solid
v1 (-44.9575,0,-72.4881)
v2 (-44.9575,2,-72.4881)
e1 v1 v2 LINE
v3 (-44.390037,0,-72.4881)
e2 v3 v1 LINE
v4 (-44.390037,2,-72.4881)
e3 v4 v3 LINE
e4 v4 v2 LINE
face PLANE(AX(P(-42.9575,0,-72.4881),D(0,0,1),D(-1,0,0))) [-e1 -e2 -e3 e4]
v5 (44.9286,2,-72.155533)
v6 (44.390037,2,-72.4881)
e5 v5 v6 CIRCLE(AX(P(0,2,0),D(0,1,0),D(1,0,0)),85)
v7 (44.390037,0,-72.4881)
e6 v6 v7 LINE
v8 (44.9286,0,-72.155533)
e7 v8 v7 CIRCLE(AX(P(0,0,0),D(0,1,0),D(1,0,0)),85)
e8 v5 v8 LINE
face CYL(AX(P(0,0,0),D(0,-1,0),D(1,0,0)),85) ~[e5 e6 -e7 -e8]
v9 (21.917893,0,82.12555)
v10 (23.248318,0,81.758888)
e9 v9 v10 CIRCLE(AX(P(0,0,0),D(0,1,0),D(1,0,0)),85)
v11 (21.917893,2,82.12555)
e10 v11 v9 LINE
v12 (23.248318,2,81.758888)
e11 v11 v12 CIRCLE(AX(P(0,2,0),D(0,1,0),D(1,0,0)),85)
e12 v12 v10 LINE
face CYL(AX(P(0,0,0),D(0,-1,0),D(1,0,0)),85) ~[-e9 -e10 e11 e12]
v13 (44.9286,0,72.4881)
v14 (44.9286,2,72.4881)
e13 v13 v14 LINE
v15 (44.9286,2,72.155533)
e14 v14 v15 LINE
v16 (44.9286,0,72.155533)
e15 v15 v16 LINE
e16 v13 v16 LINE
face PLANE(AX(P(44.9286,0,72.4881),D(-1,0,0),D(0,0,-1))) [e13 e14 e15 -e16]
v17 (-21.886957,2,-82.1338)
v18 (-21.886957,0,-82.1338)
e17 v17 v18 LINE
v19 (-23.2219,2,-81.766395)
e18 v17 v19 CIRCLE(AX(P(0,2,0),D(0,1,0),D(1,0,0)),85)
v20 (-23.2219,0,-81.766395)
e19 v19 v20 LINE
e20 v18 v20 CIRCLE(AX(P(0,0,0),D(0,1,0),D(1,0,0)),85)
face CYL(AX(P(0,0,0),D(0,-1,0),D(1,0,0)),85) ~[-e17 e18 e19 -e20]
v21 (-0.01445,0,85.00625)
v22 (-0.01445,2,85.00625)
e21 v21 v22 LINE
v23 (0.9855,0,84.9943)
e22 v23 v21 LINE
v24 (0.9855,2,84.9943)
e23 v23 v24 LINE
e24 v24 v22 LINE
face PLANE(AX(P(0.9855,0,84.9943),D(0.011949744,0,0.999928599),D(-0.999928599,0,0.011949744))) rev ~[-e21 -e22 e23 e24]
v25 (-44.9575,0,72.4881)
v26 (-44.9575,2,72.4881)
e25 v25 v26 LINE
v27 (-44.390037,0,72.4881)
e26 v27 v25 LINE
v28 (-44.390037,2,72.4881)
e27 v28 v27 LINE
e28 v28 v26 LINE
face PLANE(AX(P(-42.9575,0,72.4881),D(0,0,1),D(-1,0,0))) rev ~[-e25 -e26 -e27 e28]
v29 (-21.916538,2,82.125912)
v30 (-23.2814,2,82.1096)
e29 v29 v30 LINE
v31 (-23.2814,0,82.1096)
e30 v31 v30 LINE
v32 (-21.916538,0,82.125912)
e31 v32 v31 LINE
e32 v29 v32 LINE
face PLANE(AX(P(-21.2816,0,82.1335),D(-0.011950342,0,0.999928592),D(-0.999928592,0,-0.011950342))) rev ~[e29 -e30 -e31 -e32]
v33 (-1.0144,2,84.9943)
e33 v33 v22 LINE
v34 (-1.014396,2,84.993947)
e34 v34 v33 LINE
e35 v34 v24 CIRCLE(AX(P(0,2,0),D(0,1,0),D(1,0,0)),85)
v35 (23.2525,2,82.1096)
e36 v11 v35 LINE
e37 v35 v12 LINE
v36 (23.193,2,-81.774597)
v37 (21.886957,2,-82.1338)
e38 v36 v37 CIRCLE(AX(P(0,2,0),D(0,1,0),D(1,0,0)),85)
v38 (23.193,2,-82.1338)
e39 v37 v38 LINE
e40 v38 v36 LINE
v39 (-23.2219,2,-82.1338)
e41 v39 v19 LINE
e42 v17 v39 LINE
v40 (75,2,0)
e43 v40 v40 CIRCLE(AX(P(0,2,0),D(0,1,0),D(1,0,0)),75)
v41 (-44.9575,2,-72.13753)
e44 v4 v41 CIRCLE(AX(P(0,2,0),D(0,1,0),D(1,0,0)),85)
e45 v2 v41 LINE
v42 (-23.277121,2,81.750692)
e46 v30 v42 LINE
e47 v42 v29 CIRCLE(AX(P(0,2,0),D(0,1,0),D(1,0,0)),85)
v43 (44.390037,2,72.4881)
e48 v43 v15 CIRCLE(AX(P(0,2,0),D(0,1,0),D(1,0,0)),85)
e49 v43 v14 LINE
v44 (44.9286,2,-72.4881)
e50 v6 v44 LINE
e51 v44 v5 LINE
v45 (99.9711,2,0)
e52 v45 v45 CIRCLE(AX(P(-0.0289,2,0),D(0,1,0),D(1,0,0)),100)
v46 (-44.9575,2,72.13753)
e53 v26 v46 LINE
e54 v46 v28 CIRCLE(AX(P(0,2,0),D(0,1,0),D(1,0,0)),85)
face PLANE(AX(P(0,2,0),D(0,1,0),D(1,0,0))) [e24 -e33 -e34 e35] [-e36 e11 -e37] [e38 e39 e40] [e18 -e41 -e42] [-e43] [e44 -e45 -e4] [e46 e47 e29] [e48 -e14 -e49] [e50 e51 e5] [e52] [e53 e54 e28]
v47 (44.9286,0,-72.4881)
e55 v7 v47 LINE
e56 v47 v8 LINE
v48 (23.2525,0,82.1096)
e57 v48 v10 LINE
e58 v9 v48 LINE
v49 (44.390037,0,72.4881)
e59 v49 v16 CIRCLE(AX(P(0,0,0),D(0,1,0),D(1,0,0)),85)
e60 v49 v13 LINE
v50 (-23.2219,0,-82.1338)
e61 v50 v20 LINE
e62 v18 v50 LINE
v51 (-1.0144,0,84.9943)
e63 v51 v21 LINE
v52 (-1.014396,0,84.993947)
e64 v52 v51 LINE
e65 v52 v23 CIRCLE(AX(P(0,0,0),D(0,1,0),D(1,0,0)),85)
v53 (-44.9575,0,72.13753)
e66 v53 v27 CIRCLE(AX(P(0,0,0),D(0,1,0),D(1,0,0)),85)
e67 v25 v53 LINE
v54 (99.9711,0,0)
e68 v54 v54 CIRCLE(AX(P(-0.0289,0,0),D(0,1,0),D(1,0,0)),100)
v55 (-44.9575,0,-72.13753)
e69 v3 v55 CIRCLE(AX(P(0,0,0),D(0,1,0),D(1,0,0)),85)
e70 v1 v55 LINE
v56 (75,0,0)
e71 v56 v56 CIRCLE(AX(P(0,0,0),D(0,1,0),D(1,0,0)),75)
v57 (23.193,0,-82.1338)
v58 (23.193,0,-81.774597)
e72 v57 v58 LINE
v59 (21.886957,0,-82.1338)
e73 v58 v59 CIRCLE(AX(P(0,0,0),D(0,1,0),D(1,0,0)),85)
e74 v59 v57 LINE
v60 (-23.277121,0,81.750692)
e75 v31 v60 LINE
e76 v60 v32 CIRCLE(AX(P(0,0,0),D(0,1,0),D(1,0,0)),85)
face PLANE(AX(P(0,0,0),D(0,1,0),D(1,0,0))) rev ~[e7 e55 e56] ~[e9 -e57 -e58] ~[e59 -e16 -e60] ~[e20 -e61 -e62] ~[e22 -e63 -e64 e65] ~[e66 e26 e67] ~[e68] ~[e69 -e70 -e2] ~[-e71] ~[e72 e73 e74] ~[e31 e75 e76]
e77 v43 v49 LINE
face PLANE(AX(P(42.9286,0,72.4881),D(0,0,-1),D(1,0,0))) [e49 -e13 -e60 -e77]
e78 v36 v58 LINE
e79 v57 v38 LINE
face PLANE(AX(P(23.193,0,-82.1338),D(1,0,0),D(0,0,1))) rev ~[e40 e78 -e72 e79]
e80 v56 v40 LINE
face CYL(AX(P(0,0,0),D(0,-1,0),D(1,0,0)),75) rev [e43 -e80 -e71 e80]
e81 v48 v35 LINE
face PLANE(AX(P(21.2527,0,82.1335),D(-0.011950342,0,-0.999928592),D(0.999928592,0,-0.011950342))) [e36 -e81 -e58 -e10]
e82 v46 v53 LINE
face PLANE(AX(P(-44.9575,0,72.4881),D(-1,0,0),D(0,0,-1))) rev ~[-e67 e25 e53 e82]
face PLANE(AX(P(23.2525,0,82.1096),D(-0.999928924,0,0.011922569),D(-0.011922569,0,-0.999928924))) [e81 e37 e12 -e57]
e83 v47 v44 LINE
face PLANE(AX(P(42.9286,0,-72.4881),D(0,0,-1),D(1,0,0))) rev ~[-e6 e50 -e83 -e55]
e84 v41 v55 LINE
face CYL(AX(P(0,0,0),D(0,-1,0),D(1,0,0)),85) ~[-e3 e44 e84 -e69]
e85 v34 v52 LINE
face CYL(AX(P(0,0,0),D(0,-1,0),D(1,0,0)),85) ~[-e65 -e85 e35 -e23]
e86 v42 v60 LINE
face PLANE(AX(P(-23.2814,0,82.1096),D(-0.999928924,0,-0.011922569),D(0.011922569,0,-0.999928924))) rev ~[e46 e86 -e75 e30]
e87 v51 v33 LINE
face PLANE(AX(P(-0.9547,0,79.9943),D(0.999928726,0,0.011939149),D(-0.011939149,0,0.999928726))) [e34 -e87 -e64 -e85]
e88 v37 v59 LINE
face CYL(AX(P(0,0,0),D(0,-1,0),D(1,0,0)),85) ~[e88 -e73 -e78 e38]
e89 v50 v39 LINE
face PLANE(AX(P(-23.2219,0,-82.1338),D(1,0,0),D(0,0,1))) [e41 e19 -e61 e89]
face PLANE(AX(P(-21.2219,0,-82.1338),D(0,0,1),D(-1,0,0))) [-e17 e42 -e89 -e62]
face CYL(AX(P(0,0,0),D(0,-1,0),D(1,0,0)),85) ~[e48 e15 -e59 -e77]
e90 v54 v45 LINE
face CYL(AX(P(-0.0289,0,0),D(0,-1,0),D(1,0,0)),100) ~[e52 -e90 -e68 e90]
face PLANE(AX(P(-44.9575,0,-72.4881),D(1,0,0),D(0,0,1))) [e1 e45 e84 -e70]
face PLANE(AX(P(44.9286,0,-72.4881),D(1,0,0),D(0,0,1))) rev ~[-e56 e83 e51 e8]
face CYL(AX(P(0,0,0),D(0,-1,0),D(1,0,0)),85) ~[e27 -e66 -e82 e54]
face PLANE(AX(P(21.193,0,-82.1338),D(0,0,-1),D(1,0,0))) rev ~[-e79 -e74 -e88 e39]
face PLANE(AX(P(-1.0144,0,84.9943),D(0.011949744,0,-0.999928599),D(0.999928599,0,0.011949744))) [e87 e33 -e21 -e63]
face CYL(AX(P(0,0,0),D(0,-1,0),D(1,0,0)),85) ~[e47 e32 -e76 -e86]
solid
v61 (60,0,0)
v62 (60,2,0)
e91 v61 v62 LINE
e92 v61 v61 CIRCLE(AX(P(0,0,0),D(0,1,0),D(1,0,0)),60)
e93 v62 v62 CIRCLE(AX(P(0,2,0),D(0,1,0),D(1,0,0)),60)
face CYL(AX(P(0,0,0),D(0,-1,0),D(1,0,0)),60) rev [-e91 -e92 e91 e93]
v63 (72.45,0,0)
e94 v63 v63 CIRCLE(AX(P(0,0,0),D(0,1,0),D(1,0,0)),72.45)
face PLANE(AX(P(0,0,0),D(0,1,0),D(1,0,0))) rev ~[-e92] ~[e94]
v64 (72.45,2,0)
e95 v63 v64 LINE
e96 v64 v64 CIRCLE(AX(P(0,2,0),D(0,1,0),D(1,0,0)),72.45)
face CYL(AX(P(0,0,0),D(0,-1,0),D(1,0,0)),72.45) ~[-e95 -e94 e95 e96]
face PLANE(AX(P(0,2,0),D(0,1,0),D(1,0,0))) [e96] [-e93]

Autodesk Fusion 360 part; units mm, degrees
sketch "Sketch1" plane through (0, 0, 0) normal (0, 1, 0) x (1, 0, 0)
sketch "Sketch2" plane through (0, 0, 0) normal (0, 1, 0) x (1, 0, 0)
  circle A0 centre (0, 0) radius 60
  circle A1 centre (0, 0) radius 72.45
  dimension "d18" = 120
  dimension "d19" = 144.9
extrude "Extrude3" add sketch "Sketch2" along normal blind 2

Autodesk Fusion 360 part; units mm, degrees
sketch "Sketch1" plane through (0, 0, 0) normal (0, 1, 0) x (1, 0, 0)
  line L0 (-0.9547, -79.9943) -> (-1.0144, -84.9943)
  line L1 (-1.0144, -84.9943) -> (0.9855, -85.0182)
  line L2 (-21.2219, -77.1338) -> (-21.2816, -82.1335)
  line L3 (-21.2816, -82.1335) -> (-23.2814, -82.1096)
  line L4 (-23.2814, -82.1096) -> (-23.2152, -76.5575)
  line L5 (-42.9575, -67.4881) -> (-42.9575, -72.4881)
  line L6 (-42.9575, -72.4881) -> (-44.9575, -72.4881)
  line L7 (-44.9575, -72.4881) -> (-44.9575, -66.1727)
  arc A0 (-42.9575, -67.4881) -> (-23.2152, -76.5575) centre (0, 0) ccw
  arc A1 (-21.2219, -77.1338) -> (-0.9547, -79.9943) centre (0, 0) ccw
  line L8 (-0.9547, 79.9943) -> (-0.9547, 84.9943)
  line L9 (-0.9547, 84.9943) -> (-0.0144, 84.9943)
  line L10 (-21.2219, 77.1338) -> (-21.2219, 82.1338)
  line L11 (-21.2219, 82.1338) -> (-23.2219, 82.1338)
  line L12 (-23.2219, 82.1338) -> (-23.2219, 76.5555)
  line L13 (-42.9575, 67.4881) -> (-42.9575, 72.4881)
  line L14 (-42.9575, 72.4881) -> (-44.9575, 72.4881)
  line L15 (-44.9575, 72.4881) -> (-44.9575, 66.1727)
  arc A2 (-44.9575, 66.1727) -> (-44.9575, -66.1727) centre (0, 0) ccw
  arc A3 (-23.2219, 76.5555) -> (-42.9575, 67.4881) centre (0, 0) ccw
  arc A4 (-0.9547, 79.9943) -> (-21.2219, 77.1338) centre (0, 0) ccw
  line L16 (42.9286, 72.4881) -> (44.9286, 72.4881)
  line L17 (21.2527, -82.1335) -> (23.2525, -82.1096)
  arc A5 (21.193, 77.1338) -> (0.9258, 79.9943) centre (-0.0289, 0) ccw
  line L18 (0.9258, -79.9943) -> (0.9855, -84.9943)
  line L19 (23.2525, -82.1096) -> (23.1863, -76.5575)
  arc A6 (0.9258, -79.9943) -> (21.193, -77.1338) centre (-0.0289, 0) ccw
  line L20 (21.193, -77.1338) -> (21.2527, -82.1335)
  arc A7 (44.9286, -66.1727) -> (44.9286, 66.1727) centre (-0.0289, 0) ccw
  line L21 (42.9286, 67.4881) -> (42.9286, 72.4881)
  line L22 (21.193, 77.1338) -> (21.193, 82.1338)
  line L23 (21.193, 82.1338) -> (23.193, 82.1338)
  line L24 (42.9286, -72.4881) -> (44.9286, -72.4881)
  line L25 (44.9286, -72.4881) -> (44.9286, -66.1727)
  arc A8 (23.1863, -76.5575) -> (42.9286, -67.4881) centre (-0.0289, 0) ccw
  line L26 (23.193, 82.1338) -> (23.193, 76.5555)
  line L27 (42.9286, -67.4881) -> (42.9286, -72.4881)
  line L28 (0.9258, 84.9943) -> (-0.0144, 84.9943)
  line L29 (0.9258, 79.9943) -> (0.9258, 84.9943)
  line L30 (44.9286, 72.4881) -> (44.9286, 66.1727)
  arc A9 (42.9286, 67.4881) -> (23.193, 76.5555) centre (-0.0289, 0) ccw
  line L31 (0.9855, -84.9943) -> (-1.0144, -85.0182)
  circle A10 centre (-0.0289, 0) radius 100
  point P0 (-0.0289, 0)
  dimension "d2" = 2
  dimension "d3" = 5
  dimension "d6" = 2
  dimension "d20" = 200
extrude "Extrude3" add sketch "Sketch1" along normal blind 2
extrude "Extrude2" [suppressed]

Autodesk Fusion 360 part; units mm, degrees
sketch "Sketch3" plane through (0, 0, 0) normal (0, 1, 0) x (1, 0, 0)
  circle A0 centre (0, 0) radius 85
  circle A1 centre (0, 0) radius 75
  dimension "d10" = 170
  dimension "d11" = 150
extrude "Extrude3" add sketch "Sketch3" along normal blind 2
